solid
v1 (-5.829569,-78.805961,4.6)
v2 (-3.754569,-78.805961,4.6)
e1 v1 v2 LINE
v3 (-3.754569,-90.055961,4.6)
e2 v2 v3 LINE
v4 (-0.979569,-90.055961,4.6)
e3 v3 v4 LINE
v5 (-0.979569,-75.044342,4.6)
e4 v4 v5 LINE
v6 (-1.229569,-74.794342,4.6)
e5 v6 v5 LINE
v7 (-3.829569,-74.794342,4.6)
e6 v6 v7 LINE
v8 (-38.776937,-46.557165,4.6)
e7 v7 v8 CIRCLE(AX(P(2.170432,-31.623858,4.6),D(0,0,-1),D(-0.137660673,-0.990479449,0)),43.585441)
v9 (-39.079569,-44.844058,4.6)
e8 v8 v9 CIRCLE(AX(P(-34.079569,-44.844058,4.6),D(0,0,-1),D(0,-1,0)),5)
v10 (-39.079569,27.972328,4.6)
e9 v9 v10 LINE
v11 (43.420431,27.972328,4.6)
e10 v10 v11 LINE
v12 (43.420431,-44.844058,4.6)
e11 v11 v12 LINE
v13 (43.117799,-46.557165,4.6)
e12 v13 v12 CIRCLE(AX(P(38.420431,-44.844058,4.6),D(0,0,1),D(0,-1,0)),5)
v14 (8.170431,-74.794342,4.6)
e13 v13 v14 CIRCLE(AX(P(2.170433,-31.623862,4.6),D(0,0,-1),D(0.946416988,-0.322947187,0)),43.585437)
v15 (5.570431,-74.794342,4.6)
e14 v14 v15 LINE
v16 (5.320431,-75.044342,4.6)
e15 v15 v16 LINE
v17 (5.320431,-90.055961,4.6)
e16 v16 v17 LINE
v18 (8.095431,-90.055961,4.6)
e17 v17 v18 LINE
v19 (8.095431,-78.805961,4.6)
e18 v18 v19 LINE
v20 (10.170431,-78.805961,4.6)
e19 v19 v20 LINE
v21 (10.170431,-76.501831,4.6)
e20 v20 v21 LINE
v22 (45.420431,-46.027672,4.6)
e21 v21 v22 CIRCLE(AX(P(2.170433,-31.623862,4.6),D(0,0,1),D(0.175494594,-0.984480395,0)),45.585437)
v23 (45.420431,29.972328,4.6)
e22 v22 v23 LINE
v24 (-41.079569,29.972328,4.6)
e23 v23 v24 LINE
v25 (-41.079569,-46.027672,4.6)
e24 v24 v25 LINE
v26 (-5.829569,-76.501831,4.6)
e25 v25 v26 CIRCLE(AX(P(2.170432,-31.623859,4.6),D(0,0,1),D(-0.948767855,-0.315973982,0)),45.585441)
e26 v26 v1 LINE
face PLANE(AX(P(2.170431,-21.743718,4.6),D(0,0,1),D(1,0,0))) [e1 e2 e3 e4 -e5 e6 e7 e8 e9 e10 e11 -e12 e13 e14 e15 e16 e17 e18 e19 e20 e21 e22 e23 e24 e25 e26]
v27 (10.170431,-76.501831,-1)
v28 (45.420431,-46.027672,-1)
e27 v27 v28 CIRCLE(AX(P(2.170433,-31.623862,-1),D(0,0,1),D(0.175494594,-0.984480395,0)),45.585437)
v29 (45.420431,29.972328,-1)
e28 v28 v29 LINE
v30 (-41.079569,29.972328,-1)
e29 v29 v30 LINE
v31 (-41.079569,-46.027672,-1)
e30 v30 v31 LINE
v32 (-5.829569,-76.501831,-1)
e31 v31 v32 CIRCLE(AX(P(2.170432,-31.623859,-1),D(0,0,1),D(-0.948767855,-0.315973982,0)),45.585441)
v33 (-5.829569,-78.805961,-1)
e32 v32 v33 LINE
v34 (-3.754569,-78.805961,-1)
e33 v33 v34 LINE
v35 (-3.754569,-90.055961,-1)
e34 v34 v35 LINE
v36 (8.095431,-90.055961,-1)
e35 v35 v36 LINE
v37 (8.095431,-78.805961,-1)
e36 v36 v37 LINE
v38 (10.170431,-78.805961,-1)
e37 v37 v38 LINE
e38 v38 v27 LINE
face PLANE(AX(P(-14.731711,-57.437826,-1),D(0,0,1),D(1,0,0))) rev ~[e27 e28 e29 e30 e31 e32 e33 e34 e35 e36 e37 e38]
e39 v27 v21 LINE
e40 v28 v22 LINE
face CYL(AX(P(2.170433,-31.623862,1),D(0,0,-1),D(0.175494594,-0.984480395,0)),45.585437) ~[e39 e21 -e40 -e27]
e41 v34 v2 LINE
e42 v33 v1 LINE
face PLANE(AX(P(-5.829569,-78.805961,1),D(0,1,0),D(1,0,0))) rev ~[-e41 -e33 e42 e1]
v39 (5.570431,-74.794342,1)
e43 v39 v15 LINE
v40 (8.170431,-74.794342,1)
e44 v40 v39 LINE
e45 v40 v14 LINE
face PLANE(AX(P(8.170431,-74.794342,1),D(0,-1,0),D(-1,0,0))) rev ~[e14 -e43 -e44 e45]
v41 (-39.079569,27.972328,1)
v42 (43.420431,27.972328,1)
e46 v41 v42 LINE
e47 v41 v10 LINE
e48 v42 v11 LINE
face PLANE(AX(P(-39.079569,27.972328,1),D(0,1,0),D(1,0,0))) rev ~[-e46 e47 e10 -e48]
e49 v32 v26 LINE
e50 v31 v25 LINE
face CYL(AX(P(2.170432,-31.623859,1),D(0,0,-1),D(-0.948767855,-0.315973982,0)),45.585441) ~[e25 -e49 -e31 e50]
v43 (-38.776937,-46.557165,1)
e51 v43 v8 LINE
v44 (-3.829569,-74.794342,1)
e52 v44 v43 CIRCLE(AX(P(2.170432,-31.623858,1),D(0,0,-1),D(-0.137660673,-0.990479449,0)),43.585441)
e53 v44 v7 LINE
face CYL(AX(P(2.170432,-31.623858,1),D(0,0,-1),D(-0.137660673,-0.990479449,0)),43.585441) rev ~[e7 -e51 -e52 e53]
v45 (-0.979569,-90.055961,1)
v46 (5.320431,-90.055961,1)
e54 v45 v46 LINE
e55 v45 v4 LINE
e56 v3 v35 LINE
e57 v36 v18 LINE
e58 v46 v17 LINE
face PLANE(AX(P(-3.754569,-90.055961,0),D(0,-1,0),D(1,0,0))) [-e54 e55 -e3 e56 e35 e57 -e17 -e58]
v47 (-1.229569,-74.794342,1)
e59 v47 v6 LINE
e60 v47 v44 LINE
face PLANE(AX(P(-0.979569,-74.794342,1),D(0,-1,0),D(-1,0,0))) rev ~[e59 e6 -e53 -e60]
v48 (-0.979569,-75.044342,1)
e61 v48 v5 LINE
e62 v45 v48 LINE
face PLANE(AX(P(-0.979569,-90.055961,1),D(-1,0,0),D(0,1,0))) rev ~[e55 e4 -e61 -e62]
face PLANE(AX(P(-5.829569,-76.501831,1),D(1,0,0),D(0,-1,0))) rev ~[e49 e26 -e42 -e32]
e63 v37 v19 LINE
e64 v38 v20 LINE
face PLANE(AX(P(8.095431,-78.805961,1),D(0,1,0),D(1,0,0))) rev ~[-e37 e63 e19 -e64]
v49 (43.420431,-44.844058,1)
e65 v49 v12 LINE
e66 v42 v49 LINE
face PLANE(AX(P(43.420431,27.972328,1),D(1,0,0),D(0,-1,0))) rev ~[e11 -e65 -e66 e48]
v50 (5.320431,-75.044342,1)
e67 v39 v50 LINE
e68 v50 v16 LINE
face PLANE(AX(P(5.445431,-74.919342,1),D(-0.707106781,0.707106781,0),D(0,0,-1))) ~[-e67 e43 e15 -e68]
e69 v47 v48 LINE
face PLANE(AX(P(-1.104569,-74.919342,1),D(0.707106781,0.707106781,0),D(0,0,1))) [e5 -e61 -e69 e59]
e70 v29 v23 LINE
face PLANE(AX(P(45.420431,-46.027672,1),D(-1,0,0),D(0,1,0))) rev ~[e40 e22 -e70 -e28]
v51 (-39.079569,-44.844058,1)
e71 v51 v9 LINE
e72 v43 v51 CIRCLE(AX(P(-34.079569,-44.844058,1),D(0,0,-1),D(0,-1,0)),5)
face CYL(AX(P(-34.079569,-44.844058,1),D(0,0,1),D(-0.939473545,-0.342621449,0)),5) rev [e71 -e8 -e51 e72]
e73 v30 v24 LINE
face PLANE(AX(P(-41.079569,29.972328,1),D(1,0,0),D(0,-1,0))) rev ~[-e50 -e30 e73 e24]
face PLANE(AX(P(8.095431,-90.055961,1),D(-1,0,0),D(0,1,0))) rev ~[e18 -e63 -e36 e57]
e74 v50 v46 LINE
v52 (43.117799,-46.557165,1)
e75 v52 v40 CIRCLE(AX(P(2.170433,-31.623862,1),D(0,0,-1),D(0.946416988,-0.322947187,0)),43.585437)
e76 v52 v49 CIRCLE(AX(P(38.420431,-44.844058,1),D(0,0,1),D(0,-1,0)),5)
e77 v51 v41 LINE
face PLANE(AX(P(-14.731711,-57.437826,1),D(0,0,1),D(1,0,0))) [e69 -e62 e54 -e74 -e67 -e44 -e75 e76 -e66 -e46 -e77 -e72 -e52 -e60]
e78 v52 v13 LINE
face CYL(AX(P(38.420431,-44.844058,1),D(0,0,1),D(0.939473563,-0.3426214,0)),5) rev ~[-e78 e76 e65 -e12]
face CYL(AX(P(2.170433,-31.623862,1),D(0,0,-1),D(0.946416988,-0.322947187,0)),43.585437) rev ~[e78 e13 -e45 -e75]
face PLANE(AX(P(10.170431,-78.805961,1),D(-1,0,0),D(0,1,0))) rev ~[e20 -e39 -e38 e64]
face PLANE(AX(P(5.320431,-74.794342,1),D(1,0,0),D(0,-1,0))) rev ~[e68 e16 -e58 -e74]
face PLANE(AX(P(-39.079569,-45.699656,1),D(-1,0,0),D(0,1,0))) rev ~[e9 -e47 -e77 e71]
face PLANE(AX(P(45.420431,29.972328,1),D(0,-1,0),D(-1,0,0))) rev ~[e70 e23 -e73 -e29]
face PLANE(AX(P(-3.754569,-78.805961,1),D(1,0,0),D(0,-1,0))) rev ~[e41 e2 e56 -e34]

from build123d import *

# Parameters (mm, degrees)
F0_W     = 5.925
F0_H     = 11.25
F0_H_2   = 1.596662
F1_DEPTH = 1
F3_DEPTH = 3.6
F4_R     = 5
F5_SIZE  = 0.25


with BuildPart() as f1:
    # F0 (on Top) → F1 (new body, symmetric)
    with BuildSketch(Plane.XY):
        with BuildLine():
            Line((2.170431, -46.027672), (-38.966179, -46.027672))
            ThreePointArc((-38.966179, -46.027672), (-23.047559, -67.17303), (2.170431, -75.209299))
            Line((2.170431, -75.209299), (2.170431, -46.027672))
        make_face()
        with BuildLine():
            ThreePointArc((2.170431, -75.209299), (27.388422, -67.17303), (43.307042, -46.027672))
            Line((43.307042, -46.027672), (2.170431, -46.027672))
            Line((2.170431, -46.027672), (2.170431, -75.209299))
        make_face()
        with BuildLine():
            Line((45.420431, 29.972328), (-41.079569, 29.972328))
            Line((-41.079569, 29.972328), (-41.079569, -46.027672))
            Line((-41.079569, -46.027672), (-38.966179, -46.027672))
            ThreePointArc((-38.966179, -46.027672), (-39.0232, -45.863777), (-39.079569, -45.699656))
            Line((-39.079569, -45.699656), (-39.079569, 27.972328))
            Line((-39.079569, 27.972328), (43.420431, 27.972328))
            Line((43.420431, 27.972328), (43.420431, -45.699656))
            ThreePointArc((43.420431, -45.699656), (43.364063, -45.863777), (43.307042, -46.027672))
            Line((43.307042, -46.027672), (45.420431, -46.027672))
            Line((45.420431, -46.027672), (45.420431, 29.972328))
        make_face()
        with BuildLine():
            Line((-38.966179, -46.027672), (-41.079569, -46.027672))
            ThreePointArc((-41.079569, -46.027672), (-27.642472, -66.108974), (-5.829569, -76.501831))
            Line((-5.829569, -76.501831), (2.170431, -76.501831))
            Line((2.170431, -76.501831), (2.170431, -75.209299))
            ThreePointArc((2.170431, -75.209299), (-23.047559, -67.17303), (-38.966179, -46.027672))
        make_face()
        with BuildLine():
            ThreePointArc((10.170431, -76.501831), (31.983335, -66.108974), (45.420431, -46.027672))
            Line((45.420431, -46.027672), (43.307042, -46.027672))
            ThreePointArc((43.307042, -46.027672), (27.388422, -67.17303), (2.170431, -75.209299))
            Line((2.170431, -75.209299), (2.170431, -76.501831))
            Line((2.170431, -76.501831), (10.170431, -76.501831))
        make_face()
        with BuildLine():
            ThreePointArc((-39.079569, -45.699656), (-39.0232, -45.863777), (-38.966179, -46.027672))
            Line((-38.966179, -46.027672), (2.170431, -46.027672))
            Line((2.170431, -46.027672), (43.307042, -46.027672))
            ThreePointArc((43.307042, -46.027672), (43.364063, -45.863777), (43.420431, -45.699656))
            Line((43.420431, -45.699656), (43.420431, 27.972328))
            Line((43.420431, 27.972328), (-39.079569, 27.972328))
            Line((-39.079569, 27.972328), (-39.079569, -45.699656))
        make_face()
        with Locations((5.132931, -84.430961)):
            Rectangle(F0_W, F0_H)
        with Locations((-0.792069, -84.430961)):
            Rectangle(F0_W, F0_H)
        with Locations((-0.792069, -78.00763)):
            Rectangle(F0_W, F0_H_2)
        with BuildLine():
            ThreePointArc((2.170431, -77.209299), (-1.845179, -77.032088), (-5.829569, -76.501831))
            Line((-5.829569, -76.501831), (-5.829569, -78.805961))
            Line((-5.829569, -78.805961), (-3.754569, -78.805961))
            Line((-3.754569, -78.805961), (-3.754569, -77.209299))
            Line((-3.754569, -77.209299), (2.170431, -77.209299))
        make_face()
        with BuildLine():
            Line((10.170431, -78.805961), (10.170431, -76.501831))
            ThreePointArc((10.170431, -76.501831), (6.186042, -77.032088), (2.170431, -77.209299))
            Line((2.170431, -77.209299), (8.095431, -77.209299))
            Line((8.095431, -77.209299), (8.095431, -78.805961))
            Line((8.095431, -78.805961), (10.170431, -78.805961))
        make_face()
        with Locations((5.132931, -78.00763)):
            Rectangle(F0_W, F0_H_2)
        with BuildLine():
            Line((2.170431, -76.501831), (-5.829569, -76.501831))
            ThreePointArc((-5.829569, -76.501831), (-1.845179, -77.032088), (2.170431, -77.209299))
            Line((2.170431, -77.209299), (2.170431, -76.501831))
        make_face()
        with BuildLine():
            ThreePointArc((2.170431, -77.209299), (6.186042, -77.032088), (10.170431, -76.501831))
            Line((10.170431, -76.501831), (2.170431, -76.501831))
            Line((2.170431, -76.501831), (2.170431, -77.209299))
        make_face()
    extrude(amount=F1_DEPTH, both=True)

    # F2 (on face) → F3 (join)
    with BuildSketch(Plane.XY.offset(1)):
        with BuildLine():
            Line((-39.079569, 27.972328), (43.420431, 27.972328))
            Line((43.420431, 27.972328), (43.420431, -45.699656))
            ThreePointArc((43.420431, -45.699656), (29.915085, -65.238213), (8.170431, -74.794342))
            Line((8.170431, -74.794342), (8.170431, -76.805961))
            Line((8.170431, -76.805961), (6.095431, -76.805961))
            Line((6.095431, -76.805961), (6.095431, -88.055961))
            Line((6.095431, -88.055961), (5.320431, -88.055961))
            Line((5.320431, -88.055961), (5.320431, -90.055961))
            Line((5.320431, -90.055961), (8.095431, -90.055961))
            Line((8.095431, -90.055961), (8.095431, -78.805961))
            Line((8.095431, -78.805961), (10.170431, -78.805961))
            Line((10.170431, -78.805961), (10.170431, -76.501831))
            ThreePointArc((10.170431, -76.501831), (31.983335, -66.108974), (45.420431, -46.027672))
            Line((45.420431, -46.027672), (45.420431, 29.972328))
            Line((45.420431, 29.972328), (-41.079569, 29.972328))
            Line((-41.079569, 29.972328), (-41.079569, -46.027672))
            ThreePointArc((-41.079569, -46.027672), (-27.642472, -66.108974), (-5.829569, -76.501831))
            Line((-5.829569, -76.501831), (-5.829569, -78.805961))
            Line((-5.829569, -78.805961), (-3.754569, -78.805961))
            Line((-3.754569, -78.805961), (-3.754569, -90.055961))
            Line((-3.754569, -90.055961), (-0.979569, -90.055961))
            Line((-0.979569, -90.055961), (-0.979569, -88.055961))
            Line((-0.979569, -88.055961), (-1.754569, -88.055961))
            Line((-1.754569, -88.055961), (-1.754569, -76.805961))
            Line((-1.754569, -76.805961), (-3.829569, -76.805961))
            Line((-3.829569, -76.805961), (-3.829569, -74.794342))
            ThreePointArc((-3.829569, -74.794342), (-25.574222, -65.238213), (-39.079569, -45.699656))
            Line((-39.079569, -45.699656), (-39.079569, 27.972328))
        make_face()
        Polygon((-0.979569, -74.794342), (-3.829569, -74.794342), (-3.829569, -76.805961), (-1.754569, -76.805961), (-1.754569, -88.055961), (-0.979569, -88.055961), align=None)
        Polygon((8.170431, -76.805961), (8.170431, -74.794342), (5.320431, -74.794342), (5.320431, -88.055961), (6.095431, -88.055961), (6.095431, -76.805961), align=None)
    extrude(amount=F3_DEPTH)

    # F4
    f4_edges = [f1.edges().sort_by_distance(p)[0] for p in [
        (-39.079569, -45.699656, 2.8),
        (43.420431, -45.699656, 2.8),
    ]]
    fillet(f4_edges, radius=F4_R)

    # F5
    f5_edges = [f1.edges().sort_by_distance(p)[0] for p in [
        (-0.979569, -74.794342, 2.8),
        (5.320431, -74.794342, 2.8),
    ]]
    chamfer(f5_edges, length=F5_SIZE)


solid = f1.part
